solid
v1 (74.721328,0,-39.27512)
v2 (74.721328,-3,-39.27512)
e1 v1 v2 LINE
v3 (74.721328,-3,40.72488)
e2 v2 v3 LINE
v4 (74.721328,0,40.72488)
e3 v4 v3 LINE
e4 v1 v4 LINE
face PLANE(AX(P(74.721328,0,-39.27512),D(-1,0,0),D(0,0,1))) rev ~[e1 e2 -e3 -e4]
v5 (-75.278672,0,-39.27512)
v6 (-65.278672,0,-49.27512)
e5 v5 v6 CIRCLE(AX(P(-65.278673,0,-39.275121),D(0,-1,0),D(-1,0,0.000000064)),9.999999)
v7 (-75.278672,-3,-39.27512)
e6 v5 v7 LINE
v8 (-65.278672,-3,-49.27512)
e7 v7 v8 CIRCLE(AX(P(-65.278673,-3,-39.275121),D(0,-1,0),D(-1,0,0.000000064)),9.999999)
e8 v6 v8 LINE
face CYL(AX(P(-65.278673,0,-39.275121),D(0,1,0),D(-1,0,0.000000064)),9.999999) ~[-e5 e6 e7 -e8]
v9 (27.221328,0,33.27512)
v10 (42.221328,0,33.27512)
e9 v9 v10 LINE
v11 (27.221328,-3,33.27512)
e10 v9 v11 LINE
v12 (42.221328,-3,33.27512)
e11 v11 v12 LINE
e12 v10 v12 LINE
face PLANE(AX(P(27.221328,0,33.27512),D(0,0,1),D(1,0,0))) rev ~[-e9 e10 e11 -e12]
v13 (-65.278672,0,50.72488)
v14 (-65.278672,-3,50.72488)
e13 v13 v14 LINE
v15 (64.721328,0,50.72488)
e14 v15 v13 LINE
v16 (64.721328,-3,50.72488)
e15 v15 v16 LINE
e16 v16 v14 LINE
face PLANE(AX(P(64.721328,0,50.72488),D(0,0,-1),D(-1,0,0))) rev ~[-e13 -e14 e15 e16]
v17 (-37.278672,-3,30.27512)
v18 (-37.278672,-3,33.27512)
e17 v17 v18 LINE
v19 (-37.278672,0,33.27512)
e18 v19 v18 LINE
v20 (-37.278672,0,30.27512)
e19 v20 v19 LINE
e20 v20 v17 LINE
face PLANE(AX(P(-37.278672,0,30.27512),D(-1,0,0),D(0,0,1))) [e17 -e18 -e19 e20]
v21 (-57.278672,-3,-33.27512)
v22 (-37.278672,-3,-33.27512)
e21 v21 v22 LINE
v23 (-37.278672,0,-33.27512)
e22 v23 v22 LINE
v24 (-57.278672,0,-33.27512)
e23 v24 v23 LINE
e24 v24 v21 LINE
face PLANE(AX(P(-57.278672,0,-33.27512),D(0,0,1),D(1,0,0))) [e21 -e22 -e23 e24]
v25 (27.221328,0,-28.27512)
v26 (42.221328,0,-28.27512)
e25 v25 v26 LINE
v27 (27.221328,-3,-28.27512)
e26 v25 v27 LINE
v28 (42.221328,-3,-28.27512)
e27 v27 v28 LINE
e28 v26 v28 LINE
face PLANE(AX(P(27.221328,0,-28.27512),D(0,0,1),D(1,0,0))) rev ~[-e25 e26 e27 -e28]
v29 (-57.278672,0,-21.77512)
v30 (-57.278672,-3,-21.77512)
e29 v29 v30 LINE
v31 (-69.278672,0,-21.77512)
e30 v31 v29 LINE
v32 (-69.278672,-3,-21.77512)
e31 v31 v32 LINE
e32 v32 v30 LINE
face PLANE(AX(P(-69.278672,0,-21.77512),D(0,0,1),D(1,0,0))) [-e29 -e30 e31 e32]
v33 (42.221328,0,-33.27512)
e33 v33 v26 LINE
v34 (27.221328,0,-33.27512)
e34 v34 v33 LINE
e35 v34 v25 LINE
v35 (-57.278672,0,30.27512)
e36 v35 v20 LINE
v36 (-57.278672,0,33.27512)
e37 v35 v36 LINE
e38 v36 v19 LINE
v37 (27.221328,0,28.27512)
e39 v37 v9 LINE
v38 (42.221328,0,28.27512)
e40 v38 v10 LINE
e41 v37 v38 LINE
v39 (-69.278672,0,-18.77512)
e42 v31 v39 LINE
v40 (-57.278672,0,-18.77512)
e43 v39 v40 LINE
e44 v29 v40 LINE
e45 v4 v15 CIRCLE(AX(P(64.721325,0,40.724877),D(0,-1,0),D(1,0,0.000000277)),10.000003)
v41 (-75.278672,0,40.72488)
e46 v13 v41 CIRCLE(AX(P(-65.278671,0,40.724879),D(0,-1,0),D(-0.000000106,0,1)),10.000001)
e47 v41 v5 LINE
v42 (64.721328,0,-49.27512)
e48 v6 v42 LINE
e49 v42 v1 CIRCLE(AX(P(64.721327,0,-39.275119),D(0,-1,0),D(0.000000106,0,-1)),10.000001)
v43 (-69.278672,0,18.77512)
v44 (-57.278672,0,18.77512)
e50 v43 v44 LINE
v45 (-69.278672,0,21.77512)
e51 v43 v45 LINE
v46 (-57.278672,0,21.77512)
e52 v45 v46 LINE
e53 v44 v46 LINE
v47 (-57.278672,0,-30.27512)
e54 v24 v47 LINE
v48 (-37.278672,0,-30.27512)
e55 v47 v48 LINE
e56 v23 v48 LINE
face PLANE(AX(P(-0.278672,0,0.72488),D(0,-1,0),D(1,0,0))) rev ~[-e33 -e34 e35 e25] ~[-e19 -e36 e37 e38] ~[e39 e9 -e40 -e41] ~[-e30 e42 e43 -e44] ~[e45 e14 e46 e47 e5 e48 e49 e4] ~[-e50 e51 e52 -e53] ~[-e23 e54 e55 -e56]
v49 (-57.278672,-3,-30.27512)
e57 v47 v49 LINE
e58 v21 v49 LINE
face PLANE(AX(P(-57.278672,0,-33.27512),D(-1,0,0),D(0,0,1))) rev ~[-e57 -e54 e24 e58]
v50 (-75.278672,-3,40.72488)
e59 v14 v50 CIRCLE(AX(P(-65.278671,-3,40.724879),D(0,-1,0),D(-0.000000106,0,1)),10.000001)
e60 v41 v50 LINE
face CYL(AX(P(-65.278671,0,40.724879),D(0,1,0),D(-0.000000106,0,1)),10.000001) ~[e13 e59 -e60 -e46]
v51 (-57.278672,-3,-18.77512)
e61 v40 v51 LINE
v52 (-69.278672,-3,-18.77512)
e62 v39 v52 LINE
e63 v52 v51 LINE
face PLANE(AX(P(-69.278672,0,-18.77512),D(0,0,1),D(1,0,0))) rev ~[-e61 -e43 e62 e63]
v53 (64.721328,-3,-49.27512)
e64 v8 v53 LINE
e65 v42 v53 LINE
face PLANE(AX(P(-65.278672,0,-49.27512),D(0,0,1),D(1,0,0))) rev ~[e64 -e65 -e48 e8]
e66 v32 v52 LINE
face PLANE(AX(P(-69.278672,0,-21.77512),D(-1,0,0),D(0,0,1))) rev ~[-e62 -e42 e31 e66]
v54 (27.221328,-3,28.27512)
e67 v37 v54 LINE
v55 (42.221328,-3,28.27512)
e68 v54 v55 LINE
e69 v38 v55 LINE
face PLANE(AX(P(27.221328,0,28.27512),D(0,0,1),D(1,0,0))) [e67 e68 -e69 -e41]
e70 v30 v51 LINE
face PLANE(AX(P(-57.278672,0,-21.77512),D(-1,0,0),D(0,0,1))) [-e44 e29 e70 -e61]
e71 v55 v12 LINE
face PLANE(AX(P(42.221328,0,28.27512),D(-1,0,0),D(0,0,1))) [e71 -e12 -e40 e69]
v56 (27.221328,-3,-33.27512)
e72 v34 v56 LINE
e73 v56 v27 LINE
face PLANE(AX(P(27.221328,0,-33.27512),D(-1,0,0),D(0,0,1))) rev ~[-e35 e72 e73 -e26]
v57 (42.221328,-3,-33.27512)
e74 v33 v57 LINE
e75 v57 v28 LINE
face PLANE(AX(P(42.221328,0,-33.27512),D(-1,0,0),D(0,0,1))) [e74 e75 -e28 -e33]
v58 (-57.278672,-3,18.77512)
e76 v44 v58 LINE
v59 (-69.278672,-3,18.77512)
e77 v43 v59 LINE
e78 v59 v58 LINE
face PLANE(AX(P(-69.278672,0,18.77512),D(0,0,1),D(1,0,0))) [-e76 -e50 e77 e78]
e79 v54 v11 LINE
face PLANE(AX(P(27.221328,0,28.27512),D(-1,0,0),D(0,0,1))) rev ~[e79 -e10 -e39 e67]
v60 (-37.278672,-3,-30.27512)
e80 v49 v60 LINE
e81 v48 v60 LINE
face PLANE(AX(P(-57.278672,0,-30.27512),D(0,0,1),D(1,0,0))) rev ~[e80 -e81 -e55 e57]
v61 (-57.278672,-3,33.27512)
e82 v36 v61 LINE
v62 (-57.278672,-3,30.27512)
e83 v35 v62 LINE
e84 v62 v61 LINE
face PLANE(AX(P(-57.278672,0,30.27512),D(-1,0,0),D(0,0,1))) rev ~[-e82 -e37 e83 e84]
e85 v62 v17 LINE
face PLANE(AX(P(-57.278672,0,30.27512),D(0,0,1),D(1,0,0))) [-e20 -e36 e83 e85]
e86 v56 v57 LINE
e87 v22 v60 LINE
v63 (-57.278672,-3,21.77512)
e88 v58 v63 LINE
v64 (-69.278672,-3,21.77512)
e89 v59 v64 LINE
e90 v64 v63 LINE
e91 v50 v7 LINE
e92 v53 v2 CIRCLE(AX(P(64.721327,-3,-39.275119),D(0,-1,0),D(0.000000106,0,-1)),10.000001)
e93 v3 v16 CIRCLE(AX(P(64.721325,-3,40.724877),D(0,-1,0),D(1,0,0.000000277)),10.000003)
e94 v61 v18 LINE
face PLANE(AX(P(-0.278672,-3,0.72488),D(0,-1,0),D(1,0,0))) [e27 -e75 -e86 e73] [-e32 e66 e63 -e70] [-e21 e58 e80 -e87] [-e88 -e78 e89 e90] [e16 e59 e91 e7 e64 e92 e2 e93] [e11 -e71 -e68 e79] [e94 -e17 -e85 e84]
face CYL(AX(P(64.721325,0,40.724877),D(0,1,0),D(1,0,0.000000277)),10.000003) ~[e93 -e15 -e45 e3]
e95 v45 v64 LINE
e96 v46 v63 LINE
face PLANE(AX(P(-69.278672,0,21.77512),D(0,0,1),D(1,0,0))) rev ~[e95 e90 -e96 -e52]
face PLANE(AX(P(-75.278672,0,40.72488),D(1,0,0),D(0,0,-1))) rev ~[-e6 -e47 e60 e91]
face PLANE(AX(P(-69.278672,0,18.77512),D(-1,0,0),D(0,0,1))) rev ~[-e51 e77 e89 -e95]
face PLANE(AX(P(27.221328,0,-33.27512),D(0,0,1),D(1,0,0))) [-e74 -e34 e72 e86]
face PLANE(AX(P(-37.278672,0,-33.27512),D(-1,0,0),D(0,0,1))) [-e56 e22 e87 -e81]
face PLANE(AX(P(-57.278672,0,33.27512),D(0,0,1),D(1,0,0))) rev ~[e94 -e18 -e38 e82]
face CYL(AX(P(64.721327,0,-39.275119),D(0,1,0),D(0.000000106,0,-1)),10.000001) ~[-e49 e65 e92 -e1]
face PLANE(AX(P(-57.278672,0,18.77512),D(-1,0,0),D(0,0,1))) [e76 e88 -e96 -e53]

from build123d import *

# Parameters (mm, degrees)
F0_W     = 20
F0_H     = 3
F0_W_2   = 12
F0_W_3   = 15
F0_H_2   = 5
F1_DEPTH = 3


with BuildPart() as f1:
    # F0 (on Front) → F1 (new body)
    with BuildSketch(Plane.XZ):
        with BuildLine():
            ThreePointArc((-65.278672, 50.72488), (-72.34974, 47.795947), (-75.278672, 40.72488))
            Line((-75.278672, 40.72488), (-75.278672, -39.27512))
            ThreePointArc((-75.278672, -39.27512), (-72.34974, -46.346188), (-65.278672, -49.27512))
            Line((-65.278672, -49.27512), (64.721328, -49.27512))
            ThreePointArc((64.721328, -49.27512), (71.792395, -46.346188), (74.721328, -39.27512))
            Line((74.721328, -39.27512), (74.721328, 40.72488))
            ThreePointArc((74.721328, 40.72488), (71.792395, 47.795947), (64.721328, 50.72488))
            Line((64.721328, 50.72488), (-65.278672, 50.72488))
        make_face()
        with Locations((-47.278672, -31.77512)):
            Rectangle(F0_W, F0_H, mode=Mode.SUBTRACT)
        with Locations((-63.278672, -20.27512)):
            Rectangle(F0_W_2, F0_H, mode=Mode.SUBTRACT)
        with Locations((34.721328, -30.77512)):
            Rectangle(F0_W_3, F0_H_2, mode=Mode.SUBTRACT)
        with Locations((-63.278672, 20.27512)):
            Rectangle(F0_W_2, F0_H, mode=Mode.SUBTRACT)
        with Locations((-47.278672, 31.77512)):
            Rectangle(F0_W, F0_H, mode=Mode.SUBTRACT)
        with Locations((34.721328, 30.77512)):
            Rectangle(F0_W_3, F0_H_2, mode=Mode.SUBTRACT)
    extrude(amount=F1_DEPTH)


solid = f1.part
